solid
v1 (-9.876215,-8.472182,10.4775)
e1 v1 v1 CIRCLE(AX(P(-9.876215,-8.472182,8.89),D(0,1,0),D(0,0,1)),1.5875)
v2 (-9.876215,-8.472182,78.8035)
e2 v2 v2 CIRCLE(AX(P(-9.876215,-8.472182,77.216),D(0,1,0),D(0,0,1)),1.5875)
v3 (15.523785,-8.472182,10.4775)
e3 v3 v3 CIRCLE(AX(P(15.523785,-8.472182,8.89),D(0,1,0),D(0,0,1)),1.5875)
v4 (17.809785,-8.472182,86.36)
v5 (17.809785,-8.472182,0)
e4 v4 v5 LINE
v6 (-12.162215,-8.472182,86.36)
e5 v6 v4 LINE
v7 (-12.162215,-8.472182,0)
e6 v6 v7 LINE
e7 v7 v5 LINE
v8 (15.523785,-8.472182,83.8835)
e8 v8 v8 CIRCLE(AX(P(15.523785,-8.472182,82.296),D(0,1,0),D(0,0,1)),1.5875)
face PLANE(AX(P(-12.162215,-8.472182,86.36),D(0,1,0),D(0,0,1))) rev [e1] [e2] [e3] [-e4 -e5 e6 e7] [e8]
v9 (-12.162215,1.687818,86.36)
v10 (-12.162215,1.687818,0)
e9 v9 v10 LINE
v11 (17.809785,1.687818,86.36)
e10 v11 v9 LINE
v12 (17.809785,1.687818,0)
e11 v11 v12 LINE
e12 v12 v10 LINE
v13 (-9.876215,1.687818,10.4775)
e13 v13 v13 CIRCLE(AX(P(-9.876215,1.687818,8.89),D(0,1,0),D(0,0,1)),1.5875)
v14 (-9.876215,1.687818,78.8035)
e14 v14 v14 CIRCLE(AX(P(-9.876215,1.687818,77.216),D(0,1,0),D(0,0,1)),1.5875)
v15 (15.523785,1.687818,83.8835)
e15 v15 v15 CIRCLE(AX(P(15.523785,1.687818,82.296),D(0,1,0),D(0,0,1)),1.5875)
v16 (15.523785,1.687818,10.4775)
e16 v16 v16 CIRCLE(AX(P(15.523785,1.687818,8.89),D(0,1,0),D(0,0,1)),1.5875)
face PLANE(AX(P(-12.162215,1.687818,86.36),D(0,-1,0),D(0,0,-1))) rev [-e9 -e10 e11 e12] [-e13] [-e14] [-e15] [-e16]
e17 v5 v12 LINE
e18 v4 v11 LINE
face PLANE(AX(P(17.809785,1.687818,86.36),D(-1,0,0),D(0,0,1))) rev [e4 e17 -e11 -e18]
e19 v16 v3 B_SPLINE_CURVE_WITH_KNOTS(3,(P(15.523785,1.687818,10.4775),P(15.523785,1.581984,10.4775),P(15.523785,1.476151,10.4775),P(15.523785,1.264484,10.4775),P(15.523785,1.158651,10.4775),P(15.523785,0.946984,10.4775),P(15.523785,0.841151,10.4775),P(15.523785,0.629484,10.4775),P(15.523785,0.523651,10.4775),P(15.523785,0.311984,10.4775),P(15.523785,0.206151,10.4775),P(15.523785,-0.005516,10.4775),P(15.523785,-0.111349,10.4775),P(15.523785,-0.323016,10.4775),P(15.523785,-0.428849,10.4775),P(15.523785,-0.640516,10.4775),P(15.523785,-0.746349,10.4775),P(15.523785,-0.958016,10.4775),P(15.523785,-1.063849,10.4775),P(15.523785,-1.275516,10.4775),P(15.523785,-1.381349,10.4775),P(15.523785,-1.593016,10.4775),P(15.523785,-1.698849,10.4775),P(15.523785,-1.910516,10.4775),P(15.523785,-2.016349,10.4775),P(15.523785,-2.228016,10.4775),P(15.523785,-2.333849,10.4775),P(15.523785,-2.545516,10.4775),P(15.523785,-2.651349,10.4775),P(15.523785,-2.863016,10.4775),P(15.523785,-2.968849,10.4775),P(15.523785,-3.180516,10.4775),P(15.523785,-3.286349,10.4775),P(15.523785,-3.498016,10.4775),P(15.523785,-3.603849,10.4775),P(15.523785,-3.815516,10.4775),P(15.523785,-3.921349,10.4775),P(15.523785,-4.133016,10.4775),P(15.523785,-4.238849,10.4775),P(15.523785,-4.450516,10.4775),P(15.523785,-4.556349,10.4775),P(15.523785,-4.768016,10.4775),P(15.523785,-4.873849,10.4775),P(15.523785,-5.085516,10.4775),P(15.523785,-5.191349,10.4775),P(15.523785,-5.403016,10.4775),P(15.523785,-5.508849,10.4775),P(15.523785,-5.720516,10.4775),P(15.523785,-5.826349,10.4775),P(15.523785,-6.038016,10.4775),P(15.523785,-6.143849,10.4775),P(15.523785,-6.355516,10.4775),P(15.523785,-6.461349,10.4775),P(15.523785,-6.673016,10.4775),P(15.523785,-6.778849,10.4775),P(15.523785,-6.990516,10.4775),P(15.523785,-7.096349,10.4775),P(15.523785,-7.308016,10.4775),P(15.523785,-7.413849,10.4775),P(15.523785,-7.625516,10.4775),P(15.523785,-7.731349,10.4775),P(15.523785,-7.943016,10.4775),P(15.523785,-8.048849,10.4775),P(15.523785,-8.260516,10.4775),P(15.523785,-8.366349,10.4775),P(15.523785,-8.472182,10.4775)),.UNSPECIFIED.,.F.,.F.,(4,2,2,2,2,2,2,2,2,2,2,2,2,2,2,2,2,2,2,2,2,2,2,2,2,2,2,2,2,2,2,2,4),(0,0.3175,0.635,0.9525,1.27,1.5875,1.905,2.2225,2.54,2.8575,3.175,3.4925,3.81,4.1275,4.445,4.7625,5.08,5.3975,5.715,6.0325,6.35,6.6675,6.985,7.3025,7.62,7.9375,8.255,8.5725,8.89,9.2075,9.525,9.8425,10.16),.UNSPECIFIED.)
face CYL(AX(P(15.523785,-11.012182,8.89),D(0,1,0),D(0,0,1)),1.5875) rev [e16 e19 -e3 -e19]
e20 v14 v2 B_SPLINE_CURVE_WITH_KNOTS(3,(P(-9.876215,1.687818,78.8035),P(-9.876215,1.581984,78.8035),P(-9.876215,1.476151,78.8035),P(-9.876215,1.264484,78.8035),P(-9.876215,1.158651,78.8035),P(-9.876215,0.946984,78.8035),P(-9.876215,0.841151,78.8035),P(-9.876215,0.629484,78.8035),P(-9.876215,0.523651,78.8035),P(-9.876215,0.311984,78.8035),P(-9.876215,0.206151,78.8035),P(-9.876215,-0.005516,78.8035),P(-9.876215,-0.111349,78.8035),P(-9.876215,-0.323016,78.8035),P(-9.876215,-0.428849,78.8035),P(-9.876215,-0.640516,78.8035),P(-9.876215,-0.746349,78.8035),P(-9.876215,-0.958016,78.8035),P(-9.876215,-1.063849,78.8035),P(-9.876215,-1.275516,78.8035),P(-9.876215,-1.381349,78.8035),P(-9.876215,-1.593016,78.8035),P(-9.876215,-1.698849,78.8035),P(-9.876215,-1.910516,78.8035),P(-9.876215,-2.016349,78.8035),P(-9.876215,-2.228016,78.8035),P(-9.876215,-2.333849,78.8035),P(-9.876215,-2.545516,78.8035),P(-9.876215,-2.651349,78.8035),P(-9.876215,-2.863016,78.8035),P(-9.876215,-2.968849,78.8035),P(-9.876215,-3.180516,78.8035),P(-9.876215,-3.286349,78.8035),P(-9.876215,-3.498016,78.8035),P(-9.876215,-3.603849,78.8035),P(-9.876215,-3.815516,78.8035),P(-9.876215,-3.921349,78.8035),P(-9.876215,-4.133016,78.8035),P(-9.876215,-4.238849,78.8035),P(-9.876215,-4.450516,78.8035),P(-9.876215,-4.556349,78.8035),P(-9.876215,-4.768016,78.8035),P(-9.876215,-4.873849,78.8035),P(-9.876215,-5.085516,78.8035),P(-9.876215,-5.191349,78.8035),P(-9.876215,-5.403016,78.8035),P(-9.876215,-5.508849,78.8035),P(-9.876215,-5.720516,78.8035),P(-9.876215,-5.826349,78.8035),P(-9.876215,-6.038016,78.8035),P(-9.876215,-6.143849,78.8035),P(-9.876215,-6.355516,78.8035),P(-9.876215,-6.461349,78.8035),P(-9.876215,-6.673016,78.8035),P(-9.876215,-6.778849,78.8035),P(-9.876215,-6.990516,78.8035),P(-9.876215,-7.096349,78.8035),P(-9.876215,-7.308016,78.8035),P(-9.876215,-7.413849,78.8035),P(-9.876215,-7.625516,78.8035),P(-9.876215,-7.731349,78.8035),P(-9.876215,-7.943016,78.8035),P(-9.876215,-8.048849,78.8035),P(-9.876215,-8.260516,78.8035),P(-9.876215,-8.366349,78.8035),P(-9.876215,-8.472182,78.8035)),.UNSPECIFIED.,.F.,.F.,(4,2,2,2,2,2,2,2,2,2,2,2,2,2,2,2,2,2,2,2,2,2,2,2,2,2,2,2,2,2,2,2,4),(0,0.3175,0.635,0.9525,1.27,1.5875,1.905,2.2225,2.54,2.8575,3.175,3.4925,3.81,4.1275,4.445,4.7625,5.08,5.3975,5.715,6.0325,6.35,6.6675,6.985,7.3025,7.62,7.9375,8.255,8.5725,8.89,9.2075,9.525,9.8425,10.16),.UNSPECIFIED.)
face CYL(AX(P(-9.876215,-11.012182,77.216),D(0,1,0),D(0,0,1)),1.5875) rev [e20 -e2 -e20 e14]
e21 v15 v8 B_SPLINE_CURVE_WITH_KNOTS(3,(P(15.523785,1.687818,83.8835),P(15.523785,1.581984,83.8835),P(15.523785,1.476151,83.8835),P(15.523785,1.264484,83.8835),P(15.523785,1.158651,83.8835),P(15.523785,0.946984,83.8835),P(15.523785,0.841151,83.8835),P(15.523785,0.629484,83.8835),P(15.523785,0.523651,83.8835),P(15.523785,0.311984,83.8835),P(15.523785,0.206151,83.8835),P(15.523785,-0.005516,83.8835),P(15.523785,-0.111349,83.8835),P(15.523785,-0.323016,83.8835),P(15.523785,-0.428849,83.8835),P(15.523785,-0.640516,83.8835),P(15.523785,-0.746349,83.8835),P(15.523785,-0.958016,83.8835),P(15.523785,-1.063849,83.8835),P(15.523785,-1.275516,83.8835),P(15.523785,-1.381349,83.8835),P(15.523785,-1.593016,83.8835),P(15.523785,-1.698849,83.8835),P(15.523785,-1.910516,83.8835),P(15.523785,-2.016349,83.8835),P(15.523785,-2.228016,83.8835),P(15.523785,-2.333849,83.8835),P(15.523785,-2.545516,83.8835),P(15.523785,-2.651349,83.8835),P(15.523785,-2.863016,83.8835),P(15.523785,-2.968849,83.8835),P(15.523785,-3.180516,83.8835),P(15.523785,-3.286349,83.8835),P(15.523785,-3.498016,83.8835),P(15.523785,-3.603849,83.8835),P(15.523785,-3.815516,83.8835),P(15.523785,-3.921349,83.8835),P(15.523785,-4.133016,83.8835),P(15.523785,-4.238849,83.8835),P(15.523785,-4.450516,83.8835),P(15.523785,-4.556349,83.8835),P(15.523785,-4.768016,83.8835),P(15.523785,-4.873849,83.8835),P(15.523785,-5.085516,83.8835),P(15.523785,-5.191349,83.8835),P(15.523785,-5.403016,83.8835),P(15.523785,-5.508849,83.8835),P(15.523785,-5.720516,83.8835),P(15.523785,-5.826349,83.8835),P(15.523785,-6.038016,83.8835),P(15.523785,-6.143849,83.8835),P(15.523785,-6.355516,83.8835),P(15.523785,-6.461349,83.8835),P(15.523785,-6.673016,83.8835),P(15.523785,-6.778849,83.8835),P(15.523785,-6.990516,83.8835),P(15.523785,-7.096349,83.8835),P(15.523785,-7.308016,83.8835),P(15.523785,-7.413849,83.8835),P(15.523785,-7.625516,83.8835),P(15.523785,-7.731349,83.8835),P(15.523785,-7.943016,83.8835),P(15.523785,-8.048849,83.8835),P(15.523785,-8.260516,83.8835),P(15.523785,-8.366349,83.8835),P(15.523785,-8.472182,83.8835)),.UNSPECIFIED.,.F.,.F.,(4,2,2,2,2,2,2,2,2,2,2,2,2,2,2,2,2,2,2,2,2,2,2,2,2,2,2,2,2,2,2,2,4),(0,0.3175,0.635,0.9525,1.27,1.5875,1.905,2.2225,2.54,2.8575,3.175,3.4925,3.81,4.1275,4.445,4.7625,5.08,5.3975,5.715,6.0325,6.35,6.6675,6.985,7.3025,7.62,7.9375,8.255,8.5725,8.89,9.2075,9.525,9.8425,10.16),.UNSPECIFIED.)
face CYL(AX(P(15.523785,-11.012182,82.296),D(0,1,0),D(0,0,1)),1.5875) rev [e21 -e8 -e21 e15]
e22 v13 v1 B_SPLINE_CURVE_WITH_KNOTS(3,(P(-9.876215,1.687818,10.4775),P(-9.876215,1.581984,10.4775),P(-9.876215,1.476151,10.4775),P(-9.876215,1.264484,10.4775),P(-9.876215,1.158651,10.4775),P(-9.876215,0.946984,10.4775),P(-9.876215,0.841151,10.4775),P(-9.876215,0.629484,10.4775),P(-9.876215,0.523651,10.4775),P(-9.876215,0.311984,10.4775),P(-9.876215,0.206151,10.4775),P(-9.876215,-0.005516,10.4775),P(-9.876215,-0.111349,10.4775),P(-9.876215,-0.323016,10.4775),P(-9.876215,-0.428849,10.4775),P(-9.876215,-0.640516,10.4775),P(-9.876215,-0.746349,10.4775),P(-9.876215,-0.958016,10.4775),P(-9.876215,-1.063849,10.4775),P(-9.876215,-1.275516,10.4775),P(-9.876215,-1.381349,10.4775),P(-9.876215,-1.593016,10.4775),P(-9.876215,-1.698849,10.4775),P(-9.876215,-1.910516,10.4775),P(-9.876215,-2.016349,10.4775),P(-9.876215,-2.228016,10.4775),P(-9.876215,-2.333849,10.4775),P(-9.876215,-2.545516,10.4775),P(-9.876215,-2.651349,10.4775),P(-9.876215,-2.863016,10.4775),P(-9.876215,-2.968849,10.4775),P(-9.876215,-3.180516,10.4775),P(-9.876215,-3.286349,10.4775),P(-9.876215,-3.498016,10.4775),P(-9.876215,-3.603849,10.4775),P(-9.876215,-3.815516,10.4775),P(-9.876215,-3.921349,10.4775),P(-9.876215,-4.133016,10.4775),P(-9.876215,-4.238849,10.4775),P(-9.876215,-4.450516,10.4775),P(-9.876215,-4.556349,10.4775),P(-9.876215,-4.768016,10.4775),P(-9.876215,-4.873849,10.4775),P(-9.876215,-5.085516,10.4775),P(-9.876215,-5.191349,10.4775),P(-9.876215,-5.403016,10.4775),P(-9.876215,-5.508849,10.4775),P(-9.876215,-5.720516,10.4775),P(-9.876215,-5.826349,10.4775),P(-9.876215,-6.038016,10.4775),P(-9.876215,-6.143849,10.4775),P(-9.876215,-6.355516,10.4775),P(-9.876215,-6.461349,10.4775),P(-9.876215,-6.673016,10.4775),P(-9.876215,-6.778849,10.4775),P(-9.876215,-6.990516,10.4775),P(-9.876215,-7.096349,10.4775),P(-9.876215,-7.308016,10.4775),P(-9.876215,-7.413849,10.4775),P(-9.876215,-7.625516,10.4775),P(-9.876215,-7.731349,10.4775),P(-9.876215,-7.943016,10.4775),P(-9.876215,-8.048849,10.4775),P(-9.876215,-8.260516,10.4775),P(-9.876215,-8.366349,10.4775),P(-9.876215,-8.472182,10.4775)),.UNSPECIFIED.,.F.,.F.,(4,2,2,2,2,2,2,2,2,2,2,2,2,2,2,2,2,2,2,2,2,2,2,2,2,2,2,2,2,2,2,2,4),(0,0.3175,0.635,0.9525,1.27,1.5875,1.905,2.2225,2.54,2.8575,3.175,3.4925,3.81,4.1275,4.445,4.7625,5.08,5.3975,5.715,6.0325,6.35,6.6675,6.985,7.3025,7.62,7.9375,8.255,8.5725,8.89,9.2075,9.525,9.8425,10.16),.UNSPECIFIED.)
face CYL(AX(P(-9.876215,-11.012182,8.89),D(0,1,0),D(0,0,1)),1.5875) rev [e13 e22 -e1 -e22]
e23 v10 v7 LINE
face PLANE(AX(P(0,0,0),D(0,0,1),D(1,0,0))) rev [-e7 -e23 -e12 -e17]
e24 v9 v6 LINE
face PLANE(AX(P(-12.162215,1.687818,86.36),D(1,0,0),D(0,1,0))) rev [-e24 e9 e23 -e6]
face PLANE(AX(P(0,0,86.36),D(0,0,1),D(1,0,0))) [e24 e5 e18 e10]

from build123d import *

# Parameters (mm, degrees)
SKETCH1_W           = 29.972
SKETCH1_H           = 10.16
BOSS_EXTRUDE1_DEPTH = 86.36
SKETCH2_R           = 1.5875
CUT_EXTRUDE1_DEPTH  = 12.7


with BuildPart() as part:
    # Sketch1 → Boss-Extrude1 (new body)
    with BuildSketch(Plane.XY):
        with Locations((2.823785016, -3.39218241)):
            Rectangle(SKETCH1_W, SKETCH1_H)
    extrude(amount=BOSS_EXTRUDE1_DEPTH)

    # Sketch2 → Cut-Extrude1 (cut)
    with BuildSketch(Plane(origin=(0, 1.68781759, 0), x_dir=(1, 0, 0), z_dir=(0, 1, 0))):
        with Locations((-9.876214984, -8.89)):
            Circle(SKETCH2_R)
        with Locations((15.523785016, -8.89)):
            Circle(SKETCH2_R)
        with Locations((-9.876214984, -77.216)):
            Circle(SKETCH2_R)
        with Locations((15.523785016, -82.296)):
            Circle(SKETCH2_R)
    extrude(amount=-CUT_EXTRUDE1_DEPTH, mode=Mode.SUBTRACT)


solid = part.part
